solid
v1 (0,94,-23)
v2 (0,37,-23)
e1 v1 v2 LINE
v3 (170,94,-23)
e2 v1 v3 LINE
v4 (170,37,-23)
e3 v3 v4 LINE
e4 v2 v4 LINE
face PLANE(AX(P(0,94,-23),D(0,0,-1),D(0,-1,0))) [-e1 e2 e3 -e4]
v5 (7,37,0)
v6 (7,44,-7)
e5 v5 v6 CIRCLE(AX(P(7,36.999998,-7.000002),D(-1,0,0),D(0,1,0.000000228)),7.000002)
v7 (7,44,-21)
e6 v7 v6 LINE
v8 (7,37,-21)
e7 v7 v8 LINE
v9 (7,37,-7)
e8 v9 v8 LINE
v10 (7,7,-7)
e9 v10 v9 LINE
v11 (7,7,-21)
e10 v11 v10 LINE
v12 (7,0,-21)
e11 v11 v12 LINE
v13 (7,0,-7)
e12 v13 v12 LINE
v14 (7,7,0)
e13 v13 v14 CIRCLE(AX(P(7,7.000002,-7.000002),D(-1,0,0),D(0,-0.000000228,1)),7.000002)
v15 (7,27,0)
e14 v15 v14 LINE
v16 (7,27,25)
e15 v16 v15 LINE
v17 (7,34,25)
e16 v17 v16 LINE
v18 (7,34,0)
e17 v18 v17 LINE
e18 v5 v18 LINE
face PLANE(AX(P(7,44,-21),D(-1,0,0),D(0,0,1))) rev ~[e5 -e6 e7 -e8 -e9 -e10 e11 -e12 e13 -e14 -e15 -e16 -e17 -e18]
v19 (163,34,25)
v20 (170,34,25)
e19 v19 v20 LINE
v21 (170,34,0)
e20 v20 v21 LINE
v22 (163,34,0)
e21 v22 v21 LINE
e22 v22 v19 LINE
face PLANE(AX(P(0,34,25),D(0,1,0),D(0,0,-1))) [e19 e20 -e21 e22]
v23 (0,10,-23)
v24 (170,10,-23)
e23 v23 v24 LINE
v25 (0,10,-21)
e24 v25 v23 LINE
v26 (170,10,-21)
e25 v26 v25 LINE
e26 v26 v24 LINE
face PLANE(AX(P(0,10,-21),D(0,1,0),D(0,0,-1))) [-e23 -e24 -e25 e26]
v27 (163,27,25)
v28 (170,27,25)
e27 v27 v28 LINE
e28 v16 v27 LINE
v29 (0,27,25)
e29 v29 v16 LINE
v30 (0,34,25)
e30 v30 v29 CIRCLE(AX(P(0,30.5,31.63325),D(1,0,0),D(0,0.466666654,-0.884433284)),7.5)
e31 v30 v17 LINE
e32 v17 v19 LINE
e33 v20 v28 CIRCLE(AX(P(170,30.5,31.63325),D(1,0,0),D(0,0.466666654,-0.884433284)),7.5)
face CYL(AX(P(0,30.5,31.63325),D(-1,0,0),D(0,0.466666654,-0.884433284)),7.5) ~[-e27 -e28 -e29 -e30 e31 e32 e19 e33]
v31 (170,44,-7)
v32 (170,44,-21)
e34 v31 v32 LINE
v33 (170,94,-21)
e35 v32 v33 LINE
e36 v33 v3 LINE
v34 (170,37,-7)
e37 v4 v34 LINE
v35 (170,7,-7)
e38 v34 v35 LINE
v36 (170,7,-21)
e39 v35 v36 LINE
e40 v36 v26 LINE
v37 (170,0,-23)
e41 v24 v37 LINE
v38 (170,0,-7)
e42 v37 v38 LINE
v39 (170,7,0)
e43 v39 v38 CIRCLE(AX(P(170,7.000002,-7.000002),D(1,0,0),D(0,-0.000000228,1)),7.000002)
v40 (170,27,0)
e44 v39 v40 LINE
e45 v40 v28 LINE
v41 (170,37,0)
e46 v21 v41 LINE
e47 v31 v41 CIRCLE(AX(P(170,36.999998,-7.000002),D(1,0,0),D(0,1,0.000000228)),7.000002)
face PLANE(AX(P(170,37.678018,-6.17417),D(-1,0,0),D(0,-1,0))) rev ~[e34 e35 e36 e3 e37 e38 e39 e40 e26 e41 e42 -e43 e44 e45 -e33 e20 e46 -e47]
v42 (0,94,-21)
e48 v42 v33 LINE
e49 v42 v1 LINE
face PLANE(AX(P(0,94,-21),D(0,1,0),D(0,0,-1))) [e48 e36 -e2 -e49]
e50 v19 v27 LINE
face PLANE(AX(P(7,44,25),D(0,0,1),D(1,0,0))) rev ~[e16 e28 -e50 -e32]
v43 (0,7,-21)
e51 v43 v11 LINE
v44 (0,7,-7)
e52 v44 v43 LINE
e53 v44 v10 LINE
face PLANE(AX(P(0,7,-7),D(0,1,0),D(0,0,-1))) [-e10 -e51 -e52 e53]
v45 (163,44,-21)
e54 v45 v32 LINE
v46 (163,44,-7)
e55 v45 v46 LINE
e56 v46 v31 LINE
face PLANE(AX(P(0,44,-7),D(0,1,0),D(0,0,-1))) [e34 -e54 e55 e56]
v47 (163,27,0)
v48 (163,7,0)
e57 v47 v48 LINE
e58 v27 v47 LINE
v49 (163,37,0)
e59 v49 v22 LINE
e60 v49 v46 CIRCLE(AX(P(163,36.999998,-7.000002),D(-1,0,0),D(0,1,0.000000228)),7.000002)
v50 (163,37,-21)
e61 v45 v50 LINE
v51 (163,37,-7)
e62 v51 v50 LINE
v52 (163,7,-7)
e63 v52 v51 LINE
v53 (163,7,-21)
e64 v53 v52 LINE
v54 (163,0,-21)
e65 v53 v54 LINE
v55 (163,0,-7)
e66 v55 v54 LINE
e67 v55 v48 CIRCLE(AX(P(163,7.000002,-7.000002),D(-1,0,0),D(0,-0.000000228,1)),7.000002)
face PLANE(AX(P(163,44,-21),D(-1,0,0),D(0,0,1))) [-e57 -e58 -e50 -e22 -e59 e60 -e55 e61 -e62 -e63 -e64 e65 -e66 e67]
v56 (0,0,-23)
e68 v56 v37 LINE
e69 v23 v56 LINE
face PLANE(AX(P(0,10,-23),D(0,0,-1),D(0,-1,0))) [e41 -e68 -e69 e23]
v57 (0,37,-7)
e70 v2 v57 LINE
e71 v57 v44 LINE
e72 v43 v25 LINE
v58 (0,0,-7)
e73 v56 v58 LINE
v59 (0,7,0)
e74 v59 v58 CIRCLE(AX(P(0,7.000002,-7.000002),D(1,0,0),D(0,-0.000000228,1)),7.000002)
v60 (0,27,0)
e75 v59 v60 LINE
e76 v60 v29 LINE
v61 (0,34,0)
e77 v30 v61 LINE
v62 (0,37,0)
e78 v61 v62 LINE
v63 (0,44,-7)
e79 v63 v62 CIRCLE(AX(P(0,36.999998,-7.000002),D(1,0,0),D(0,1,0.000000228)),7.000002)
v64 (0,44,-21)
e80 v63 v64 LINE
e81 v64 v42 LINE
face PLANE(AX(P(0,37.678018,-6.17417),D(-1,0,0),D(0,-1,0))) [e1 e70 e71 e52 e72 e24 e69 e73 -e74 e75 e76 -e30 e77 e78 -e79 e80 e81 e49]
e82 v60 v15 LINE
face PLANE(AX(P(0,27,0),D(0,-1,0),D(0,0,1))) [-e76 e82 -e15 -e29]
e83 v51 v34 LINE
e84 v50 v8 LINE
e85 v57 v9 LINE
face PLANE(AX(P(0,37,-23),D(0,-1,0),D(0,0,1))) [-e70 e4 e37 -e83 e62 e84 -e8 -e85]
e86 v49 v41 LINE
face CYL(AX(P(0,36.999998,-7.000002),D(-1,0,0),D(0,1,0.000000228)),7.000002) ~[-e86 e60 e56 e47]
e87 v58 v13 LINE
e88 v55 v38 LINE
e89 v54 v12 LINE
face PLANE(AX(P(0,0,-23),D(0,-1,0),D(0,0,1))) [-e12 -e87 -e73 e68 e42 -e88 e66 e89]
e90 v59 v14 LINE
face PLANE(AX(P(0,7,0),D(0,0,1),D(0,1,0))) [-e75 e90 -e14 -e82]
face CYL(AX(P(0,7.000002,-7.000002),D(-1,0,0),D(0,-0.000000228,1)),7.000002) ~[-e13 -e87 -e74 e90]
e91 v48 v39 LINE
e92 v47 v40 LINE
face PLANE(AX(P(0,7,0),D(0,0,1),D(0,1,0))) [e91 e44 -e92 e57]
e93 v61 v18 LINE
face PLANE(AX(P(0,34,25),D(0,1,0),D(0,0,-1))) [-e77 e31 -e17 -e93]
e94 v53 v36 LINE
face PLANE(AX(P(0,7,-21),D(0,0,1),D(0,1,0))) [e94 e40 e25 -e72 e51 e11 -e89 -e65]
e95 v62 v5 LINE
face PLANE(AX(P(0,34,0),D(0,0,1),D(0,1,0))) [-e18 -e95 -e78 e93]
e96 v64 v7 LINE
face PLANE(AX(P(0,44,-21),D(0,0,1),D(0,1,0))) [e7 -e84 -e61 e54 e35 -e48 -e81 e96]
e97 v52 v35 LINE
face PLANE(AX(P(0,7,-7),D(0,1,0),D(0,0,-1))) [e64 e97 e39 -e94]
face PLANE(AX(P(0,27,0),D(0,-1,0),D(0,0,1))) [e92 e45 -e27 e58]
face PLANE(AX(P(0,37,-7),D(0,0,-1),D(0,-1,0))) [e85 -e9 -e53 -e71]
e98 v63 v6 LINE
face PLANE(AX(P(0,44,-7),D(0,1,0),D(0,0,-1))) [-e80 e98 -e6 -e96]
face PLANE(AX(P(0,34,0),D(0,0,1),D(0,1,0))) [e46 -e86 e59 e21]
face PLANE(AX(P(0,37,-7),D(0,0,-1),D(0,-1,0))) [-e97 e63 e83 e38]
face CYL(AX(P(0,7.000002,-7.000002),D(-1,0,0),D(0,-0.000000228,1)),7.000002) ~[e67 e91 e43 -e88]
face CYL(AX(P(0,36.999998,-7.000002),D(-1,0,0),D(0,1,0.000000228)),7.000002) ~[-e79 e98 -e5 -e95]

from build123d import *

# Parameters (mm, degrees)
PAD_DEPTH    = 170
SKETCH001_W  = 46
SKETCH001_H  = 156
POCKET_DEPTH = 44.001


with BuildPart() as part:
    # Sketch → Pad (new body)
    with BuildSketch(Plane.YZ):
        with BuildLine():
            Line((7, 0), (27, 0))
            Line((27, 0), (27, 25))
            ThreePointArc((34, 25), (30.5, 39.13325), (27, 25))
            Line((34, 25), (34, 0))
            Line((34, 0), (37, 0))
            ThreePointArc((44, -7), (41.949747, -2.050253), (37, 0))
            Line((44, -7), (44, -21))
            Line((44, -21), (94, -21))
            Line((94, -21), (94, -23))
            Line((94, -23), (37, -23))
            Line((37, -23), (37, -7))
            Line((37, -7), (7, -7))
            Line((7, -7), (7, -21))
            Line((7, -21), (10, -21))
            Line((10, -21), (10, -23))
            Line((10, -23), (0, -23))
            Line((0, -23), (0, -7))
            ThreePointArc((7, 0), (2.050253, -2.050253), (0, -7))
        make_face()
    extrude(amount=PAD_DEPTH)

    # Sketch001 (on Face7 of Pad) → Pocket (cut, through all)
    with BuildSketch(Plane.ZX.offset(44)):
        with Locations((2, 85)):
            Rectangle(SKETCH001_W, SKETCH001_H)
    extrude(amount=-POCKET_DEPTH, mode=Mode.SUBTRACT)


solid = part.part
